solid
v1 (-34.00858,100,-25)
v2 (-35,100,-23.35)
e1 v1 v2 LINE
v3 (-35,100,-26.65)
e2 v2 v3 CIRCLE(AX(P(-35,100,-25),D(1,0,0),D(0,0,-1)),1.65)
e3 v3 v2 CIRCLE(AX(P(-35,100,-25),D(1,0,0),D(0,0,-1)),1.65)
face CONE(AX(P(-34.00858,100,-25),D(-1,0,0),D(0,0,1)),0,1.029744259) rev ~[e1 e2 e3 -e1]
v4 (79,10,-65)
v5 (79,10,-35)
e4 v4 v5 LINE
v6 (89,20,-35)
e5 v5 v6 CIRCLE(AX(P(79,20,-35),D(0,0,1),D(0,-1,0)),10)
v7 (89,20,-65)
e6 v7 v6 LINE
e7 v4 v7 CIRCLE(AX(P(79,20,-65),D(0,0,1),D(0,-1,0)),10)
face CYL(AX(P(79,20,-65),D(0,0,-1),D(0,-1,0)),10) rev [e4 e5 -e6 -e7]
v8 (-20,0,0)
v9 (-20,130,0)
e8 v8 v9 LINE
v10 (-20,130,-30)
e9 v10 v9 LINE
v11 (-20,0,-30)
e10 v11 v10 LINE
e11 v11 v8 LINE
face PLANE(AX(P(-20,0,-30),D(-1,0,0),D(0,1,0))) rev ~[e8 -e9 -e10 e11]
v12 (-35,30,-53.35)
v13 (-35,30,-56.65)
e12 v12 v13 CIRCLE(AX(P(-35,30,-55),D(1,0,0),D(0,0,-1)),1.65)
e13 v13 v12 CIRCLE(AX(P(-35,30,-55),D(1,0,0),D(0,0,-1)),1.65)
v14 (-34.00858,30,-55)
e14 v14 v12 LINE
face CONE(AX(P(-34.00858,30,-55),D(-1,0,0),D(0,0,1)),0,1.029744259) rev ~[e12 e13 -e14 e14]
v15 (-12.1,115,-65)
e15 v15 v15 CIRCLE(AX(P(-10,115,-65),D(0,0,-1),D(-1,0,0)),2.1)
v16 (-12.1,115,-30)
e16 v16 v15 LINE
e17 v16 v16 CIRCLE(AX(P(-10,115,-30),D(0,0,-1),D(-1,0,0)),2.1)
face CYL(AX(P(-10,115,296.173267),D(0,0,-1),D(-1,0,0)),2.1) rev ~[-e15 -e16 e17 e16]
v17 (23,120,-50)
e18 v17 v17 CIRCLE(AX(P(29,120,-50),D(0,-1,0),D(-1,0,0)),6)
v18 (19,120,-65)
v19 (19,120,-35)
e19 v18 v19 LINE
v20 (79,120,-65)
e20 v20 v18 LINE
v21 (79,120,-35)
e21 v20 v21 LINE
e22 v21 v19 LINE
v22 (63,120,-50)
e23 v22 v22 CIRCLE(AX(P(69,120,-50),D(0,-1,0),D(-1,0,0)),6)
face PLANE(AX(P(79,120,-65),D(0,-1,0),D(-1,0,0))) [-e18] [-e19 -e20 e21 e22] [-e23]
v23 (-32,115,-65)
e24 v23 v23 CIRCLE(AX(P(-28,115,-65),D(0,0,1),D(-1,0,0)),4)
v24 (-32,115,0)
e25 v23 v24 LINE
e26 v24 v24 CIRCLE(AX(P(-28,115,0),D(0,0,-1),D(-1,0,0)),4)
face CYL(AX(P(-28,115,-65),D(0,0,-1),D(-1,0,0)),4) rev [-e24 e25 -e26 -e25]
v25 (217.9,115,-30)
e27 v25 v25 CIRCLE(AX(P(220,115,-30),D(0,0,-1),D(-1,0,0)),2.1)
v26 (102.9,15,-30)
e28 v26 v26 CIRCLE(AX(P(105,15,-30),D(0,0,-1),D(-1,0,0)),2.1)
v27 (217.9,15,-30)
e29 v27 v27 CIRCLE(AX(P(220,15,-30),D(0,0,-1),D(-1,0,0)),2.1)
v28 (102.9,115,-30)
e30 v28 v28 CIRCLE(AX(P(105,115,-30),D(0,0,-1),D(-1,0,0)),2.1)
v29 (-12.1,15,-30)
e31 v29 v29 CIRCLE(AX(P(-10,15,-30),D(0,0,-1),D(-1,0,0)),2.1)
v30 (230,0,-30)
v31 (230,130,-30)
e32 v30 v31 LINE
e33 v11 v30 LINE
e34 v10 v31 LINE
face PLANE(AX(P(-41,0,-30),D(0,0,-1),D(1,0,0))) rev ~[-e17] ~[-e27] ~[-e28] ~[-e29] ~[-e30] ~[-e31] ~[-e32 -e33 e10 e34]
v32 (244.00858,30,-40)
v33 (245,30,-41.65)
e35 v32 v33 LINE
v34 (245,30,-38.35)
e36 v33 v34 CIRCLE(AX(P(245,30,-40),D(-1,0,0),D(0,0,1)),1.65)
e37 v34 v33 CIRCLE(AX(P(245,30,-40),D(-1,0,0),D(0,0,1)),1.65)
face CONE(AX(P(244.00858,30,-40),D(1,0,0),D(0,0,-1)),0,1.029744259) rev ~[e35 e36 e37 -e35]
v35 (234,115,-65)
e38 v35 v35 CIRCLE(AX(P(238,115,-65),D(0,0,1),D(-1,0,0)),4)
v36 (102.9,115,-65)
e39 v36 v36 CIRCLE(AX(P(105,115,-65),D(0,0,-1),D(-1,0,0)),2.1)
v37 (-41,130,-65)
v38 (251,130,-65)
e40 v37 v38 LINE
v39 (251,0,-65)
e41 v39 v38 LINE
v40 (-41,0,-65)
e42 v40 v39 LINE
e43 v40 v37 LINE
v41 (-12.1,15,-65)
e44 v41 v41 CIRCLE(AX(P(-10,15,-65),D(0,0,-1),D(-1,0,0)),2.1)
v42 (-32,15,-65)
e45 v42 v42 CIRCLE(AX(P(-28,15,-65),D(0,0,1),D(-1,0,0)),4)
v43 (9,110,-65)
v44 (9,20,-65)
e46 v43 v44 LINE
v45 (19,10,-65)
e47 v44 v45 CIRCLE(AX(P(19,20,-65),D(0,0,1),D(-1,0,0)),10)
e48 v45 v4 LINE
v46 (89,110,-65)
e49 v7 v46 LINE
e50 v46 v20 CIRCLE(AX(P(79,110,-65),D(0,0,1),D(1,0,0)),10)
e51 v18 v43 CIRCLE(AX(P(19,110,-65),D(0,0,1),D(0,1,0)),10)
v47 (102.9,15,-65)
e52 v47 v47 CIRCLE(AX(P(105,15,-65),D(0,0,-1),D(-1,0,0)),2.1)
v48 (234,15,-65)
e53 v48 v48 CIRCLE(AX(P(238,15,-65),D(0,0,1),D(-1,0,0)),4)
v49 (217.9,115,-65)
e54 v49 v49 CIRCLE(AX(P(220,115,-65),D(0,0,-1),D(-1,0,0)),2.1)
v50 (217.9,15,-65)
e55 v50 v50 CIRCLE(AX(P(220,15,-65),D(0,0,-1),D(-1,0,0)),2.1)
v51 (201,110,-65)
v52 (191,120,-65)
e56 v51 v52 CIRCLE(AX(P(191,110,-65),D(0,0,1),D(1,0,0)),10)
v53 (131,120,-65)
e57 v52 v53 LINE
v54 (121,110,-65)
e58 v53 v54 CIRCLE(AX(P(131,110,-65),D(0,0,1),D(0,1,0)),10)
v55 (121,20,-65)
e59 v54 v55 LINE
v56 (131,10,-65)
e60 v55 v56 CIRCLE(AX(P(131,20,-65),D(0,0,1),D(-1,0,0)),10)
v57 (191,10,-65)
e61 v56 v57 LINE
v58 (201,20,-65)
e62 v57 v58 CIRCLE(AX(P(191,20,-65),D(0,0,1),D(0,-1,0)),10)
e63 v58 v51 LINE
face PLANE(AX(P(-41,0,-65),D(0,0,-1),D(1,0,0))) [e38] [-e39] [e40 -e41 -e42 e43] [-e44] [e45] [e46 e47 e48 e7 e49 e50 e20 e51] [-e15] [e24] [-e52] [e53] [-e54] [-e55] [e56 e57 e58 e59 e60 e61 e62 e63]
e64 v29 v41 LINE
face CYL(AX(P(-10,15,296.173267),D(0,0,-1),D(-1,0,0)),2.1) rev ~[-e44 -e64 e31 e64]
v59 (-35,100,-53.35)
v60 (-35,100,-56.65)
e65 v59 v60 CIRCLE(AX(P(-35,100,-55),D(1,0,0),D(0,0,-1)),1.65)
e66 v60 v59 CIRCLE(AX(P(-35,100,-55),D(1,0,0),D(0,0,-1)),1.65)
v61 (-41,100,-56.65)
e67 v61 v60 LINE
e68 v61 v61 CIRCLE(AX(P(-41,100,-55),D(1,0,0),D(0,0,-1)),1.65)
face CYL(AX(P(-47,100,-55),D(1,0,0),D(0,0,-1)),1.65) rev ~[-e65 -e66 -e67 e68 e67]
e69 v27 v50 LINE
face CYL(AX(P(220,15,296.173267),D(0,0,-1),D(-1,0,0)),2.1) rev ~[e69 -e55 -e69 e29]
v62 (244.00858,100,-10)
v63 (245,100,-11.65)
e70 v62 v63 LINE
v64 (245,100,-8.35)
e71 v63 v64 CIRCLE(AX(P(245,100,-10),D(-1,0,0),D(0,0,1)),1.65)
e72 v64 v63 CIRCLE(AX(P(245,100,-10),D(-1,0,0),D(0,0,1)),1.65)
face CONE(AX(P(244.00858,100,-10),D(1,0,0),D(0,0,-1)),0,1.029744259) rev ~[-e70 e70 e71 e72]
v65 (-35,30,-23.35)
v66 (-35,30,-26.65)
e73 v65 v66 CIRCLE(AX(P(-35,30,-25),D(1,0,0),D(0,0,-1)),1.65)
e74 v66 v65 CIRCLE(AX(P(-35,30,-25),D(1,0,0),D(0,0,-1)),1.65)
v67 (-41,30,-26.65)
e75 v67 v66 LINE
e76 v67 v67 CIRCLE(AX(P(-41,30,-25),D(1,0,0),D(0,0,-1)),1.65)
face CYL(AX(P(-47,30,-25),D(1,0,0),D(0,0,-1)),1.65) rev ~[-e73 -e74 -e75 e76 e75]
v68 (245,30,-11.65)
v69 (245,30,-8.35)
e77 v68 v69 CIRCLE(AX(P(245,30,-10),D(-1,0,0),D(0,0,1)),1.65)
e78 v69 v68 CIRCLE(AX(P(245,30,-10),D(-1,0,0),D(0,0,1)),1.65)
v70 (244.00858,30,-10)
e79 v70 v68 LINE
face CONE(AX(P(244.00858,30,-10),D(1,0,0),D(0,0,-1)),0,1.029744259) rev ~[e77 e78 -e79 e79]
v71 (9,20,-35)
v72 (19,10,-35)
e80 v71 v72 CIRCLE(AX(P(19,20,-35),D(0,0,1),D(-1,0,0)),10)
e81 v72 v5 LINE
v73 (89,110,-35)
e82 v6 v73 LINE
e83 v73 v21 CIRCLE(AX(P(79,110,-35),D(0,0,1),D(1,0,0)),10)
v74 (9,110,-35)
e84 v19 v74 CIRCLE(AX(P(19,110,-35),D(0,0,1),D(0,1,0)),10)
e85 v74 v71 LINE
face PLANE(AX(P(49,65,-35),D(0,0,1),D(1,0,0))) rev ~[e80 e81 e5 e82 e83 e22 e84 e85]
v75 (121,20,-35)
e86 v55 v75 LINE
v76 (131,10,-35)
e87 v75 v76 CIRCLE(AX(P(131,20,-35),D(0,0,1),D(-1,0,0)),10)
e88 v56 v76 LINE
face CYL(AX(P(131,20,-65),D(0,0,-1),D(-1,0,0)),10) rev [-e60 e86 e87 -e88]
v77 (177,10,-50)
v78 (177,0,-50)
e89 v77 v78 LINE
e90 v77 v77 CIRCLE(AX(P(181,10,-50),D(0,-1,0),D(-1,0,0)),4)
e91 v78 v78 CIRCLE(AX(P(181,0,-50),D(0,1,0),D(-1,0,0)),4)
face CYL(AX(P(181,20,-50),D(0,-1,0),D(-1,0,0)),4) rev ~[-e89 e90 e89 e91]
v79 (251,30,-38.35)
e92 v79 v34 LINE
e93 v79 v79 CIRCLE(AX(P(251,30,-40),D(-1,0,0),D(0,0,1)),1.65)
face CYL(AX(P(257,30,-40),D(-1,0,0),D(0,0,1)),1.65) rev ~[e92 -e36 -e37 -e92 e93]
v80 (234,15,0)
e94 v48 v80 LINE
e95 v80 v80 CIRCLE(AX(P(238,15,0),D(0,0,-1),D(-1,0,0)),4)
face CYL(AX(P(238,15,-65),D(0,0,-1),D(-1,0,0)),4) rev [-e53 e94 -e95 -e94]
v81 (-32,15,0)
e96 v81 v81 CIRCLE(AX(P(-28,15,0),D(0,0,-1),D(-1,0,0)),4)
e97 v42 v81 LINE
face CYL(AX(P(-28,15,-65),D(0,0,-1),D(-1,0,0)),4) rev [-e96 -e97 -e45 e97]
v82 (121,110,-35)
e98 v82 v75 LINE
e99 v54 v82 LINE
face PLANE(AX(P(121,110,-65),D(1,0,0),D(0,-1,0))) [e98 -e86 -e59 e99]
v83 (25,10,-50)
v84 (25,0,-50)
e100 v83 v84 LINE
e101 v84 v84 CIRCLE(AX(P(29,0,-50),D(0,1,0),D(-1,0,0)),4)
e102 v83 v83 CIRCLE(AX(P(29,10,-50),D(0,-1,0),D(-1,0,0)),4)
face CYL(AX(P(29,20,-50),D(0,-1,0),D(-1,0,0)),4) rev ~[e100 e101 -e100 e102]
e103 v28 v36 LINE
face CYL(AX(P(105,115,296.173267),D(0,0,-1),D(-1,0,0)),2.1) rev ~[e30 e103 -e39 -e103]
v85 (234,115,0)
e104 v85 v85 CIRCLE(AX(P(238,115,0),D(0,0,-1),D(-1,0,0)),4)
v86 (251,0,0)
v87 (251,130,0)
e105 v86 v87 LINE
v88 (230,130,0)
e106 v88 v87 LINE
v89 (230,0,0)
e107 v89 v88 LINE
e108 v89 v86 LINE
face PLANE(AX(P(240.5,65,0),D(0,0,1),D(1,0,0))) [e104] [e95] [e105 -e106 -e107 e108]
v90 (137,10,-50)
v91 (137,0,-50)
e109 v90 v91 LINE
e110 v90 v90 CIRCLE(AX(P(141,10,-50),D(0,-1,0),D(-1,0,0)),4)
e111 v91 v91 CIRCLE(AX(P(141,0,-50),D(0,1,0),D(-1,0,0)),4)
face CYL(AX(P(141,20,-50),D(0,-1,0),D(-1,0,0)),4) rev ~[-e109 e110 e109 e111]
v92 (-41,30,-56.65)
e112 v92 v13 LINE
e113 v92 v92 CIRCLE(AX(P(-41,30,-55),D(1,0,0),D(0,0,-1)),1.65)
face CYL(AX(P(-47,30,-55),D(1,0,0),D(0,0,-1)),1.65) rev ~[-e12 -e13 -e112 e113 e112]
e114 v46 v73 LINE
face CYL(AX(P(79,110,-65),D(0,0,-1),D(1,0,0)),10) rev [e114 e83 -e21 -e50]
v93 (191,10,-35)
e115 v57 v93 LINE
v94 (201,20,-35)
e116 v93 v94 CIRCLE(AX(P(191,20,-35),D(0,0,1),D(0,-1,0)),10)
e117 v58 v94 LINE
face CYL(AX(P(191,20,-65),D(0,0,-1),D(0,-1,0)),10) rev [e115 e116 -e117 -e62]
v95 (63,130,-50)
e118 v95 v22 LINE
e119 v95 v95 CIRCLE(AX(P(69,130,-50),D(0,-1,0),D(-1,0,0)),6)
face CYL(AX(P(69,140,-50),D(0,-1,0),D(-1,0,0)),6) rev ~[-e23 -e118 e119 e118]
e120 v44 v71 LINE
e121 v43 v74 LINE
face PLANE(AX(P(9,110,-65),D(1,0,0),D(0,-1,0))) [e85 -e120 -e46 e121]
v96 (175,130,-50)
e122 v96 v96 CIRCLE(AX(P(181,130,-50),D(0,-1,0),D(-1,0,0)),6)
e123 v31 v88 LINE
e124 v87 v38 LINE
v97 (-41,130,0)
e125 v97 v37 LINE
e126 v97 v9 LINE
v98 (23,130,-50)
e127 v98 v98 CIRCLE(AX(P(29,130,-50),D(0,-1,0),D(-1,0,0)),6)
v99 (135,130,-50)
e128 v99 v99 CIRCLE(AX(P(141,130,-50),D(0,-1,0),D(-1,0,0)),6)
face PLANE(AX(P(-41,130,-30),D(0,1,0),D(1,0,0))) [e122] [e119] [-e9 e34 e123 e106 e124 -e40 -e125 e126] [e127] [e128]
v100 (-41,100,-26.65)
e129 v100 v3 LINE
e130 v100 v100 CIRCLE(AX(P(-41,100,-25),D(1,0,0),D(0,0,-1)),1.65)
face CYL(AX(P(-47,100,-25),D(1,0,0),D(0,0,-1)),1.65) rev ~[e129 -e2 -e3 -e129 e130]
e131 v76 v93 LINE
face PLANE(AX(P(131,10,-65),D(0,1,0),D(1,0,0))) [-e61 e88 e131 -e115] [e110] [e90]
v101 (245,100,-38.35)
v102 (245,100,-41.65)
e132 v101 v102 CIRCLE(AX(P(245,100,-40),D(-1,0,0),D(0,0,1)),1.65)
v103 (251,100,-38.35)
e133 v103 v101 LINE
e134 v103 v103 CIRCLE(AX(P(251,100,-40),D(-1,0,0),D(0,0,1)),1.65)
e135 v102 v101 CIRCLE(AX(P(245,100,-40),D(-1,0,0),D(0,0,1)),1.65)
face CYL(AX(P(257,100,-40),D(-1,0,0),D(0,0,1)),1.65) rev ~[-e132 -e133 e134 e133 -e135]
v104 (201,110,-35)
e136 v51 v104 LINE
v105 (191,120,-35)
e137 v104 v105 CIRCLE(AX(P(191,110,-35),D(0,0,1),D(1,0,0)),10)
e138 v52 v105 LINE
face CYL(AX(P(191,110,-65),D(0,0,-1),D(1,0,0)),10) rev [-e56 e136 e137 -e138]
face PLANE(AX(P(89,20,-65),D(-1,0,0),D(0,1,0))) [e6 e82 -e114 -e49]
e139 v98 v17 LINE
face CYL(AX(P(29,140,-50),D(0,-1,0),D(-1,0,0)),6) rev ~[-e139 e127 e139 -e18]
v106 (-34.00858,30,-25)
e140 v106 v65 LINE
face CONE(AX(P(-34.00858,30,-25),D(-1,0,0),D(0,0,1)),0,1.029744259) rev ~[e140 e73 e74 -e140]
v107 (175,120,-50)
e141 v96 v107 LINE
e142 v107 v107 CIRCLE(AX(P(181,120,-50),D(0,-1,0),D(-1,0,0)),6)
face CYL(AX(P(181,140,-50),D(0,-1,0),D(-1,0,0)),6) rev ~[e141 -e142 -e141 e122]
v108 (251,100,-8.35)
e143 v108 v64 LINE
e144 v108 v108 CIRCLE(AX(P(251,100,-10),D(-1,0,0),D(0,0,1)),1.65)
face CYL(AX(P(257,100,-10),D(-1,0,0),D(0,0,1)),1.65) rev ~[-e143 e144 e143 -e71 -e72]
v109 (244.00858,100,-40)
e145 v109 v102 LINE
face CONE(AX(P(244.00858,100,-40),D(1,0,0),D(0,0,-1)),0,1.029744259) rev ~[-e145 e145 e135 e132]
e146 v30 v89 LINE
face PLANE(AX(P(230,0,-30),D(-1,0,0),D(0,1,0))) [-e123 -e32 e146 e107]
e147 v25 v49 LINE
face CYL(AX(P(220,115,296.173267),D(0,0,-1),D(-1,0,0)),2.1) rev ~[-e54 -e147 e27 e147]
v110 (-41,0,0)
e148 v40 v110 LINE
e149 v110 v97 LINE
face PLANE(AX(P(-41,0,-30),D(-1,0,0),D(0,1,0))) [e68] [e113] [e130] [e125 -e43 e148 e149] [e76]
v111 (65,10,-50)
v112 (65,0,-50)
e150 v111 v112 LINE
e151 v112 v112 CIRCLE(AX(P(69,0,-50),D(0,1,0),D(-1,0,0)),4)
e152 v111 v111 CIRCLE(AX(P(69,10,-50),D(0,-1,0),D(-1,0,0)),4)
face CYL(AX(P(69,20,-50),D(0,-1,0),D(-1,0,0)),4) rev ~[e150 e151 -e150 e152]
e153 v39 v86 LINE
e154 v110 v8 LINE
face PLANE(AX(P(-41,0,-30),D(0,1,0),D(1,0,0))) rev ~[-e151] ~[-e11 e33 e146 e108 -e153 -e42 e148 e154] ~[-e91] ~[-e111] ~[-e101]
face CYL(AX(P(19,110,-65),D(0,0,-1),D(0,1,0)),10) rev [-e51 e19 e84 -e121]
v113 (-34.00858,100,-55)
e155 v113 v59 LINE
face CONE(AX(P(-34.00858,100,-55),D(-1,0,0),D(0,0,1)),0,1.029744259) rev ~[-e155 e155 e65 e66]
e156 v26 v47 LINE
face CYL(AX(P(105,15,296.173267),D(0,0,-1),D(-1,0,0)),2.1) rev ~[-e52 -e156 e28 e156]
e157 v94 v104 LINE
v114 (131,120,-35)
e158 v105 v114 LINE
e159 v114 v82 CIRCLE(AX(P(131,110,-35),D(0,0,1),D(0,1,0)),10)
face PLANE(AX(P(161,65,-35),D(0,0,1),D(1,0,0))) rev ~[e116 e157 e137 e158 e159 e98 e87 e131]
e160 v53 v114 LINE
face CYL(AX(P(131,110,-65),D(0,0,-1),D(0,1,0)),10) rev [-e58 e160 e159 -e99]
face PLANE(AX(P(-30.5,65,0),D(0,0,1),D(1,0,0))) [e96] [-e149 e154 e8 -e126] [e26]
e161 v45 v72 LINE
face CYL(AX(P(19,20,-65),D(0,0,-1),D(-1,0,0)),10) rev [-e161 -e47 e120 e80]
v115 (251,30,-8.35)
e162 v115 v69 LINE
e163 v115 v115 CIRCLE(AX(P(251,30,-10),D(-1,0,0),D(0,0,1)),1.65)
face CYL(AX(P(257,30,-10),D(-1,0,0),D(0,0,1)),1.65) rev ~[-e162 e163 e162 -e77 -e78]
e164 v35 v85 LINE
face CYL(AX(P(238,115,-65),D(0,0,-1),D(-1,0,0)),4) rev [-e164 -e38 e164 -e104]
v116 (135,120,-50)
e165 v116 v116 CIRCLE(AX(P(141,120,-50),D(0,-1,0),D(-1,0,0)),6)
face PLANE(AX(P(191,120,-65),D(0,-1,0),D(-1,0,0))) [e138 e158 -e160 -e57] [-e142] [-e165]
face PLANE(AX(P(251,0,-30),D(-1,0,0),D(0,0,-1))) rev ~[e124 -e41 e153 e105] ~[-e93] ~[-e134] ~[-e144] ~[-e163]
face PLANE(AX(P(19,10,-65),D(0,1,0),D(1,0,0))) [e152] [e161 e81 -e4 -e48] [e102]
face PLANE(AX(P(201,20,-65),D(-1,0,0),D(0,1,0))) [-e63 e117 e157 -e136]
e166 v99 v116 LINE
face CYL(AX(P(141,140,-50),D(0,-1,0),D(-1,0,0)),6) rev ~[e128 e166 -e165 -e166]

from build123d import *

# Parameters (mm, degrees)
SKETCH1_W                   = 292
SKETCH1_H                   = 35
BOSS_EXTRUDE1_DEPTH         = 130
SKETCH4_W                   = 21
SKETCH4_H                   = 130
BOSS_EXTRUDE2_DEPTH         = 30
SKETCH2_R                   = 4
CUT_EXTRUDE1_DEPTH          = 291.044824122
M5_TAPPED_HOLE1_D           = 4.2
TAP_DRILL_FOR_M4_TAP1_D     = 3.3
TAP_DRILL_FOR_M4_TAP1_DEPTH = 6
TAP_DRILL_FOR_M4_TAP1_TIP   = 0.991420021
TAP_DRILL_FOR_M4_TAP2_D     = 3.3
TAP_DRILL_FOR_M4_TAP2_DEPTH = 6
TAP_DRILL_FOR_M4_TAP2_TIP   = 0.991420021
CUT_EXTRUDE2_DEPTH          = 30
F_12_0MM_DOWEL_HOLE1_D      = 12
F_12_0MM_DOWEL_HOLE1_DEPTH  = 10
F_12_0MM_DOWEL_HOLE1_TIP    = 3.605163714
F_8_0MM_DOWEL_HOLE1_D       = 8
F_8_0MM_DOWEL_HOLE1_DEPTH   = 10
F_8_0MM_DOWEL_HOLE1_TIP     = 2.403442476


with BuildPart() as part:
    # Sketch1 → Boss-Extrude1 (new body)
    with BuildSketch(Plane(origin=(0, 0, 0), x_dir=(1, 0, 0), z_dir=(0, 1, 0))):
        with Locations((105, 47.5)):
            Rectangle(SKETCH1_W, SKETCH1_H)
    extrude(amount=BOSS_EXTRUDE1_DEPTH)

    # Sketch4 → Boss-Extrude2 (add)
    with BuildSketch(Plane.XY.offset(-30)):
        with Locations((-30.5, 65)):
            Rectangle(SKETCH4_W, SKETCH4_H)
        with Locations((240.5, 65)):
            Rectangle(SKETCH4_W, SKETCH4_H)
    extrude(amount=BOSS_EXTRUDE2_DEPTH)

    # Sketch2 → Cut-Extrude1 (cut, through all)
    with BuildSketch(Plane.XY.offset(-65)):
        with Locations(Location((238, 115, 0), (0, 0, 180))):
            Circle(SKETCH2_R)
        with Locations(Location((-28, 115, 0), (0, 0, 180))):
            Circle(SKETCH2_R)
        with Locations(Location((-28, 15, 0), (0, 0, 180))):
            Circle(SKETCH2_R)
        with Locations(Location((238, 15, 0), (0, 0, 180))):
            Circle(SKETCH2_R)
    extrude(amount=CUT_EXTRUDE1_DEPTH, mode=Mode.SUBTRACT)

    # M5 Tapped Hole1 (through all)
    with Locations(Plane.XY.offset(-30)):
        with Locations((-10, 115), (105, 115), (220, 115), (220, 15), (105, 15), (-10, 15)):
            Hole(M5_TAPPED_HOLE1_D / 2)

    # Tap Drill for M4 Tap1
    with Locations(Plane.ZY.offset(41)):
        with Locations((-55, 100), (-25, 100), (-55, 30), (-25, 30)):
            Hole(TAP_DRILL_FOR_M4_TAP1_D / 2, depth=TAP_DRILL_FOR_M4_TAP1_DEPTH)
            with Locations((0, 0, -(TAP_DRILL_FOR_M4_TAP1_DEPTH + TAP_DRILL_FOR_M4_TAP1_TIP / 2))):  # 118° drill point
                Cone(0, TAP_DRILL_FOR_M4_TAP1_D / 2, TAP_DRILL_FOR_M4_TAP1_TIP, mode=Mode.SUBTRACT)

    # Tap Drill for M4 Tap2
    with Locations(Plane(origin=(251, 0, 0), x_dir=(0, 0, -1), z_dir=(1, 0, 0))):
        with Locations((10, 100), (40, 100), (10, 30), (40, 30)):
            Hole(TAP_DRILL_FOR_M4_TAP2_D / 2, depth=TAP_DRILL_FOR_M4_TAP2_DEPTH)
            with Locations((0, 0, -(TAP_DRILL_FOR_M4_TAP2_DEPTH + TAP_DRILL_FOR_M4_TAP2_TIP / 2))):  # 118° drill point
                Cone(0, TAP_DRILL_FOR_M4_TAP2_D / 2, TAP_DRILL_FOR_M4_TAP2_TIP, mode=Mode.SUBTRACT)

    # Sketch31 → Cut-Extrude2 (cut)
    with BuildSketch(Plane(origin=(0, 0, -65), x_dir=(-1, 0, 0), z_dir=(0, 0, -1))):
        with BuildLine():
            Line((-191, 120), (-131, 120))
            ThreePointArc((-131, 120), (-123.928932188, 117.071067812), (-121, 110))
            Line((-121, 110), (-121, 20))
            ThreePointArc((-121, 20), (-123.928932188, 12.928932188), (-131, 10))
            Line((-131, 10), (-191, 10))
            ThreePointArc((-191, 10), (-198.071067812, 12.928932188), (-201, 20))
            Line((-201, 20), (-201, 110))
            ThreePointArc((-201, 110), (-198.071067812, 117.071067812), (-191, 120))
        make_face()
        with BuildLine():
            Line((-79, 120), (-19, 120))
            ThreePointArc((-19, 120), (-11.928932188, 117.071067812), (-9, 110))
            Line((-9, 110), (-9, 20))
            ThreePointArc((-9, 20), (-11.928932188, 12.928932188), (-19, 10))
            Line((-19, 10), (-79, 10))
            ThreePointArc((-79, 10), (-86.071067812, 12.928932188), (-89, 20))
            Line((-89, 20), (-89, 110))
            ThreePointArc((-89, 110), (-86.071067812, 117.071067812), (-79, 120))
        make_face()
    extrude(amount=-CUT_EXTRUDE2_DEPTH, mode=Mode.SUBTRACT)

    # Ø12.0mm Dowel Hole1
    with Locations(Plane(origin=(0, 130, 0), x_dir=(1, 0, 0), z_dir=(0, 1, 0))):
        with Locations((29, 50), (69, 50), (141, 50), (181, 50)):
            Hole(F_12_0MM_DOWEL_HOLE1_D / 2, depth=F_12_0MM_DOWEL_HOLE1_DEPTH)
            with Locations((0, 0, -(F_12_0MM_DOWEL_HOLE1_DEPTH + F_12_0MM_DOWEL_HOLE1_TIP / 2))):  # 118° drill point
                Cone(0, F_12_0MM_DOWEL_HOLE1_D / 2, F_12_0MM_DOWEL_HOLE1_TIP, mode=Mode.SUBTRACT)

    # Ø8.0mm Dowel Hole1
    with Locations(Plane(origin=(0, 10, 0), x_dir=(1, 0, 0), z_dir=(0, 1, 0))):
        with Locations((69, 50), (29, 50), (141, 50), (181, 50)):
            Hole(F_8_0MM_DOWEL_HOLE1_D / 2, depth=F_8_0MM_DOWEL_HOLE1_DEPTH)
            with Locations((0, 0, -(F_8_0MM_DOWEL_HOLE1_DEPTH + F_8_0MM_DOWEL_HOLE1_TIP / 2))):  # 118° drill point
                Cone(0, F_8_0MM_DOWEL_HOLE1_D / 2, F_8_0MM_DOWEL_HOLE1_TIP, mode=Mode.SUBTRACT)


solid = part.part
